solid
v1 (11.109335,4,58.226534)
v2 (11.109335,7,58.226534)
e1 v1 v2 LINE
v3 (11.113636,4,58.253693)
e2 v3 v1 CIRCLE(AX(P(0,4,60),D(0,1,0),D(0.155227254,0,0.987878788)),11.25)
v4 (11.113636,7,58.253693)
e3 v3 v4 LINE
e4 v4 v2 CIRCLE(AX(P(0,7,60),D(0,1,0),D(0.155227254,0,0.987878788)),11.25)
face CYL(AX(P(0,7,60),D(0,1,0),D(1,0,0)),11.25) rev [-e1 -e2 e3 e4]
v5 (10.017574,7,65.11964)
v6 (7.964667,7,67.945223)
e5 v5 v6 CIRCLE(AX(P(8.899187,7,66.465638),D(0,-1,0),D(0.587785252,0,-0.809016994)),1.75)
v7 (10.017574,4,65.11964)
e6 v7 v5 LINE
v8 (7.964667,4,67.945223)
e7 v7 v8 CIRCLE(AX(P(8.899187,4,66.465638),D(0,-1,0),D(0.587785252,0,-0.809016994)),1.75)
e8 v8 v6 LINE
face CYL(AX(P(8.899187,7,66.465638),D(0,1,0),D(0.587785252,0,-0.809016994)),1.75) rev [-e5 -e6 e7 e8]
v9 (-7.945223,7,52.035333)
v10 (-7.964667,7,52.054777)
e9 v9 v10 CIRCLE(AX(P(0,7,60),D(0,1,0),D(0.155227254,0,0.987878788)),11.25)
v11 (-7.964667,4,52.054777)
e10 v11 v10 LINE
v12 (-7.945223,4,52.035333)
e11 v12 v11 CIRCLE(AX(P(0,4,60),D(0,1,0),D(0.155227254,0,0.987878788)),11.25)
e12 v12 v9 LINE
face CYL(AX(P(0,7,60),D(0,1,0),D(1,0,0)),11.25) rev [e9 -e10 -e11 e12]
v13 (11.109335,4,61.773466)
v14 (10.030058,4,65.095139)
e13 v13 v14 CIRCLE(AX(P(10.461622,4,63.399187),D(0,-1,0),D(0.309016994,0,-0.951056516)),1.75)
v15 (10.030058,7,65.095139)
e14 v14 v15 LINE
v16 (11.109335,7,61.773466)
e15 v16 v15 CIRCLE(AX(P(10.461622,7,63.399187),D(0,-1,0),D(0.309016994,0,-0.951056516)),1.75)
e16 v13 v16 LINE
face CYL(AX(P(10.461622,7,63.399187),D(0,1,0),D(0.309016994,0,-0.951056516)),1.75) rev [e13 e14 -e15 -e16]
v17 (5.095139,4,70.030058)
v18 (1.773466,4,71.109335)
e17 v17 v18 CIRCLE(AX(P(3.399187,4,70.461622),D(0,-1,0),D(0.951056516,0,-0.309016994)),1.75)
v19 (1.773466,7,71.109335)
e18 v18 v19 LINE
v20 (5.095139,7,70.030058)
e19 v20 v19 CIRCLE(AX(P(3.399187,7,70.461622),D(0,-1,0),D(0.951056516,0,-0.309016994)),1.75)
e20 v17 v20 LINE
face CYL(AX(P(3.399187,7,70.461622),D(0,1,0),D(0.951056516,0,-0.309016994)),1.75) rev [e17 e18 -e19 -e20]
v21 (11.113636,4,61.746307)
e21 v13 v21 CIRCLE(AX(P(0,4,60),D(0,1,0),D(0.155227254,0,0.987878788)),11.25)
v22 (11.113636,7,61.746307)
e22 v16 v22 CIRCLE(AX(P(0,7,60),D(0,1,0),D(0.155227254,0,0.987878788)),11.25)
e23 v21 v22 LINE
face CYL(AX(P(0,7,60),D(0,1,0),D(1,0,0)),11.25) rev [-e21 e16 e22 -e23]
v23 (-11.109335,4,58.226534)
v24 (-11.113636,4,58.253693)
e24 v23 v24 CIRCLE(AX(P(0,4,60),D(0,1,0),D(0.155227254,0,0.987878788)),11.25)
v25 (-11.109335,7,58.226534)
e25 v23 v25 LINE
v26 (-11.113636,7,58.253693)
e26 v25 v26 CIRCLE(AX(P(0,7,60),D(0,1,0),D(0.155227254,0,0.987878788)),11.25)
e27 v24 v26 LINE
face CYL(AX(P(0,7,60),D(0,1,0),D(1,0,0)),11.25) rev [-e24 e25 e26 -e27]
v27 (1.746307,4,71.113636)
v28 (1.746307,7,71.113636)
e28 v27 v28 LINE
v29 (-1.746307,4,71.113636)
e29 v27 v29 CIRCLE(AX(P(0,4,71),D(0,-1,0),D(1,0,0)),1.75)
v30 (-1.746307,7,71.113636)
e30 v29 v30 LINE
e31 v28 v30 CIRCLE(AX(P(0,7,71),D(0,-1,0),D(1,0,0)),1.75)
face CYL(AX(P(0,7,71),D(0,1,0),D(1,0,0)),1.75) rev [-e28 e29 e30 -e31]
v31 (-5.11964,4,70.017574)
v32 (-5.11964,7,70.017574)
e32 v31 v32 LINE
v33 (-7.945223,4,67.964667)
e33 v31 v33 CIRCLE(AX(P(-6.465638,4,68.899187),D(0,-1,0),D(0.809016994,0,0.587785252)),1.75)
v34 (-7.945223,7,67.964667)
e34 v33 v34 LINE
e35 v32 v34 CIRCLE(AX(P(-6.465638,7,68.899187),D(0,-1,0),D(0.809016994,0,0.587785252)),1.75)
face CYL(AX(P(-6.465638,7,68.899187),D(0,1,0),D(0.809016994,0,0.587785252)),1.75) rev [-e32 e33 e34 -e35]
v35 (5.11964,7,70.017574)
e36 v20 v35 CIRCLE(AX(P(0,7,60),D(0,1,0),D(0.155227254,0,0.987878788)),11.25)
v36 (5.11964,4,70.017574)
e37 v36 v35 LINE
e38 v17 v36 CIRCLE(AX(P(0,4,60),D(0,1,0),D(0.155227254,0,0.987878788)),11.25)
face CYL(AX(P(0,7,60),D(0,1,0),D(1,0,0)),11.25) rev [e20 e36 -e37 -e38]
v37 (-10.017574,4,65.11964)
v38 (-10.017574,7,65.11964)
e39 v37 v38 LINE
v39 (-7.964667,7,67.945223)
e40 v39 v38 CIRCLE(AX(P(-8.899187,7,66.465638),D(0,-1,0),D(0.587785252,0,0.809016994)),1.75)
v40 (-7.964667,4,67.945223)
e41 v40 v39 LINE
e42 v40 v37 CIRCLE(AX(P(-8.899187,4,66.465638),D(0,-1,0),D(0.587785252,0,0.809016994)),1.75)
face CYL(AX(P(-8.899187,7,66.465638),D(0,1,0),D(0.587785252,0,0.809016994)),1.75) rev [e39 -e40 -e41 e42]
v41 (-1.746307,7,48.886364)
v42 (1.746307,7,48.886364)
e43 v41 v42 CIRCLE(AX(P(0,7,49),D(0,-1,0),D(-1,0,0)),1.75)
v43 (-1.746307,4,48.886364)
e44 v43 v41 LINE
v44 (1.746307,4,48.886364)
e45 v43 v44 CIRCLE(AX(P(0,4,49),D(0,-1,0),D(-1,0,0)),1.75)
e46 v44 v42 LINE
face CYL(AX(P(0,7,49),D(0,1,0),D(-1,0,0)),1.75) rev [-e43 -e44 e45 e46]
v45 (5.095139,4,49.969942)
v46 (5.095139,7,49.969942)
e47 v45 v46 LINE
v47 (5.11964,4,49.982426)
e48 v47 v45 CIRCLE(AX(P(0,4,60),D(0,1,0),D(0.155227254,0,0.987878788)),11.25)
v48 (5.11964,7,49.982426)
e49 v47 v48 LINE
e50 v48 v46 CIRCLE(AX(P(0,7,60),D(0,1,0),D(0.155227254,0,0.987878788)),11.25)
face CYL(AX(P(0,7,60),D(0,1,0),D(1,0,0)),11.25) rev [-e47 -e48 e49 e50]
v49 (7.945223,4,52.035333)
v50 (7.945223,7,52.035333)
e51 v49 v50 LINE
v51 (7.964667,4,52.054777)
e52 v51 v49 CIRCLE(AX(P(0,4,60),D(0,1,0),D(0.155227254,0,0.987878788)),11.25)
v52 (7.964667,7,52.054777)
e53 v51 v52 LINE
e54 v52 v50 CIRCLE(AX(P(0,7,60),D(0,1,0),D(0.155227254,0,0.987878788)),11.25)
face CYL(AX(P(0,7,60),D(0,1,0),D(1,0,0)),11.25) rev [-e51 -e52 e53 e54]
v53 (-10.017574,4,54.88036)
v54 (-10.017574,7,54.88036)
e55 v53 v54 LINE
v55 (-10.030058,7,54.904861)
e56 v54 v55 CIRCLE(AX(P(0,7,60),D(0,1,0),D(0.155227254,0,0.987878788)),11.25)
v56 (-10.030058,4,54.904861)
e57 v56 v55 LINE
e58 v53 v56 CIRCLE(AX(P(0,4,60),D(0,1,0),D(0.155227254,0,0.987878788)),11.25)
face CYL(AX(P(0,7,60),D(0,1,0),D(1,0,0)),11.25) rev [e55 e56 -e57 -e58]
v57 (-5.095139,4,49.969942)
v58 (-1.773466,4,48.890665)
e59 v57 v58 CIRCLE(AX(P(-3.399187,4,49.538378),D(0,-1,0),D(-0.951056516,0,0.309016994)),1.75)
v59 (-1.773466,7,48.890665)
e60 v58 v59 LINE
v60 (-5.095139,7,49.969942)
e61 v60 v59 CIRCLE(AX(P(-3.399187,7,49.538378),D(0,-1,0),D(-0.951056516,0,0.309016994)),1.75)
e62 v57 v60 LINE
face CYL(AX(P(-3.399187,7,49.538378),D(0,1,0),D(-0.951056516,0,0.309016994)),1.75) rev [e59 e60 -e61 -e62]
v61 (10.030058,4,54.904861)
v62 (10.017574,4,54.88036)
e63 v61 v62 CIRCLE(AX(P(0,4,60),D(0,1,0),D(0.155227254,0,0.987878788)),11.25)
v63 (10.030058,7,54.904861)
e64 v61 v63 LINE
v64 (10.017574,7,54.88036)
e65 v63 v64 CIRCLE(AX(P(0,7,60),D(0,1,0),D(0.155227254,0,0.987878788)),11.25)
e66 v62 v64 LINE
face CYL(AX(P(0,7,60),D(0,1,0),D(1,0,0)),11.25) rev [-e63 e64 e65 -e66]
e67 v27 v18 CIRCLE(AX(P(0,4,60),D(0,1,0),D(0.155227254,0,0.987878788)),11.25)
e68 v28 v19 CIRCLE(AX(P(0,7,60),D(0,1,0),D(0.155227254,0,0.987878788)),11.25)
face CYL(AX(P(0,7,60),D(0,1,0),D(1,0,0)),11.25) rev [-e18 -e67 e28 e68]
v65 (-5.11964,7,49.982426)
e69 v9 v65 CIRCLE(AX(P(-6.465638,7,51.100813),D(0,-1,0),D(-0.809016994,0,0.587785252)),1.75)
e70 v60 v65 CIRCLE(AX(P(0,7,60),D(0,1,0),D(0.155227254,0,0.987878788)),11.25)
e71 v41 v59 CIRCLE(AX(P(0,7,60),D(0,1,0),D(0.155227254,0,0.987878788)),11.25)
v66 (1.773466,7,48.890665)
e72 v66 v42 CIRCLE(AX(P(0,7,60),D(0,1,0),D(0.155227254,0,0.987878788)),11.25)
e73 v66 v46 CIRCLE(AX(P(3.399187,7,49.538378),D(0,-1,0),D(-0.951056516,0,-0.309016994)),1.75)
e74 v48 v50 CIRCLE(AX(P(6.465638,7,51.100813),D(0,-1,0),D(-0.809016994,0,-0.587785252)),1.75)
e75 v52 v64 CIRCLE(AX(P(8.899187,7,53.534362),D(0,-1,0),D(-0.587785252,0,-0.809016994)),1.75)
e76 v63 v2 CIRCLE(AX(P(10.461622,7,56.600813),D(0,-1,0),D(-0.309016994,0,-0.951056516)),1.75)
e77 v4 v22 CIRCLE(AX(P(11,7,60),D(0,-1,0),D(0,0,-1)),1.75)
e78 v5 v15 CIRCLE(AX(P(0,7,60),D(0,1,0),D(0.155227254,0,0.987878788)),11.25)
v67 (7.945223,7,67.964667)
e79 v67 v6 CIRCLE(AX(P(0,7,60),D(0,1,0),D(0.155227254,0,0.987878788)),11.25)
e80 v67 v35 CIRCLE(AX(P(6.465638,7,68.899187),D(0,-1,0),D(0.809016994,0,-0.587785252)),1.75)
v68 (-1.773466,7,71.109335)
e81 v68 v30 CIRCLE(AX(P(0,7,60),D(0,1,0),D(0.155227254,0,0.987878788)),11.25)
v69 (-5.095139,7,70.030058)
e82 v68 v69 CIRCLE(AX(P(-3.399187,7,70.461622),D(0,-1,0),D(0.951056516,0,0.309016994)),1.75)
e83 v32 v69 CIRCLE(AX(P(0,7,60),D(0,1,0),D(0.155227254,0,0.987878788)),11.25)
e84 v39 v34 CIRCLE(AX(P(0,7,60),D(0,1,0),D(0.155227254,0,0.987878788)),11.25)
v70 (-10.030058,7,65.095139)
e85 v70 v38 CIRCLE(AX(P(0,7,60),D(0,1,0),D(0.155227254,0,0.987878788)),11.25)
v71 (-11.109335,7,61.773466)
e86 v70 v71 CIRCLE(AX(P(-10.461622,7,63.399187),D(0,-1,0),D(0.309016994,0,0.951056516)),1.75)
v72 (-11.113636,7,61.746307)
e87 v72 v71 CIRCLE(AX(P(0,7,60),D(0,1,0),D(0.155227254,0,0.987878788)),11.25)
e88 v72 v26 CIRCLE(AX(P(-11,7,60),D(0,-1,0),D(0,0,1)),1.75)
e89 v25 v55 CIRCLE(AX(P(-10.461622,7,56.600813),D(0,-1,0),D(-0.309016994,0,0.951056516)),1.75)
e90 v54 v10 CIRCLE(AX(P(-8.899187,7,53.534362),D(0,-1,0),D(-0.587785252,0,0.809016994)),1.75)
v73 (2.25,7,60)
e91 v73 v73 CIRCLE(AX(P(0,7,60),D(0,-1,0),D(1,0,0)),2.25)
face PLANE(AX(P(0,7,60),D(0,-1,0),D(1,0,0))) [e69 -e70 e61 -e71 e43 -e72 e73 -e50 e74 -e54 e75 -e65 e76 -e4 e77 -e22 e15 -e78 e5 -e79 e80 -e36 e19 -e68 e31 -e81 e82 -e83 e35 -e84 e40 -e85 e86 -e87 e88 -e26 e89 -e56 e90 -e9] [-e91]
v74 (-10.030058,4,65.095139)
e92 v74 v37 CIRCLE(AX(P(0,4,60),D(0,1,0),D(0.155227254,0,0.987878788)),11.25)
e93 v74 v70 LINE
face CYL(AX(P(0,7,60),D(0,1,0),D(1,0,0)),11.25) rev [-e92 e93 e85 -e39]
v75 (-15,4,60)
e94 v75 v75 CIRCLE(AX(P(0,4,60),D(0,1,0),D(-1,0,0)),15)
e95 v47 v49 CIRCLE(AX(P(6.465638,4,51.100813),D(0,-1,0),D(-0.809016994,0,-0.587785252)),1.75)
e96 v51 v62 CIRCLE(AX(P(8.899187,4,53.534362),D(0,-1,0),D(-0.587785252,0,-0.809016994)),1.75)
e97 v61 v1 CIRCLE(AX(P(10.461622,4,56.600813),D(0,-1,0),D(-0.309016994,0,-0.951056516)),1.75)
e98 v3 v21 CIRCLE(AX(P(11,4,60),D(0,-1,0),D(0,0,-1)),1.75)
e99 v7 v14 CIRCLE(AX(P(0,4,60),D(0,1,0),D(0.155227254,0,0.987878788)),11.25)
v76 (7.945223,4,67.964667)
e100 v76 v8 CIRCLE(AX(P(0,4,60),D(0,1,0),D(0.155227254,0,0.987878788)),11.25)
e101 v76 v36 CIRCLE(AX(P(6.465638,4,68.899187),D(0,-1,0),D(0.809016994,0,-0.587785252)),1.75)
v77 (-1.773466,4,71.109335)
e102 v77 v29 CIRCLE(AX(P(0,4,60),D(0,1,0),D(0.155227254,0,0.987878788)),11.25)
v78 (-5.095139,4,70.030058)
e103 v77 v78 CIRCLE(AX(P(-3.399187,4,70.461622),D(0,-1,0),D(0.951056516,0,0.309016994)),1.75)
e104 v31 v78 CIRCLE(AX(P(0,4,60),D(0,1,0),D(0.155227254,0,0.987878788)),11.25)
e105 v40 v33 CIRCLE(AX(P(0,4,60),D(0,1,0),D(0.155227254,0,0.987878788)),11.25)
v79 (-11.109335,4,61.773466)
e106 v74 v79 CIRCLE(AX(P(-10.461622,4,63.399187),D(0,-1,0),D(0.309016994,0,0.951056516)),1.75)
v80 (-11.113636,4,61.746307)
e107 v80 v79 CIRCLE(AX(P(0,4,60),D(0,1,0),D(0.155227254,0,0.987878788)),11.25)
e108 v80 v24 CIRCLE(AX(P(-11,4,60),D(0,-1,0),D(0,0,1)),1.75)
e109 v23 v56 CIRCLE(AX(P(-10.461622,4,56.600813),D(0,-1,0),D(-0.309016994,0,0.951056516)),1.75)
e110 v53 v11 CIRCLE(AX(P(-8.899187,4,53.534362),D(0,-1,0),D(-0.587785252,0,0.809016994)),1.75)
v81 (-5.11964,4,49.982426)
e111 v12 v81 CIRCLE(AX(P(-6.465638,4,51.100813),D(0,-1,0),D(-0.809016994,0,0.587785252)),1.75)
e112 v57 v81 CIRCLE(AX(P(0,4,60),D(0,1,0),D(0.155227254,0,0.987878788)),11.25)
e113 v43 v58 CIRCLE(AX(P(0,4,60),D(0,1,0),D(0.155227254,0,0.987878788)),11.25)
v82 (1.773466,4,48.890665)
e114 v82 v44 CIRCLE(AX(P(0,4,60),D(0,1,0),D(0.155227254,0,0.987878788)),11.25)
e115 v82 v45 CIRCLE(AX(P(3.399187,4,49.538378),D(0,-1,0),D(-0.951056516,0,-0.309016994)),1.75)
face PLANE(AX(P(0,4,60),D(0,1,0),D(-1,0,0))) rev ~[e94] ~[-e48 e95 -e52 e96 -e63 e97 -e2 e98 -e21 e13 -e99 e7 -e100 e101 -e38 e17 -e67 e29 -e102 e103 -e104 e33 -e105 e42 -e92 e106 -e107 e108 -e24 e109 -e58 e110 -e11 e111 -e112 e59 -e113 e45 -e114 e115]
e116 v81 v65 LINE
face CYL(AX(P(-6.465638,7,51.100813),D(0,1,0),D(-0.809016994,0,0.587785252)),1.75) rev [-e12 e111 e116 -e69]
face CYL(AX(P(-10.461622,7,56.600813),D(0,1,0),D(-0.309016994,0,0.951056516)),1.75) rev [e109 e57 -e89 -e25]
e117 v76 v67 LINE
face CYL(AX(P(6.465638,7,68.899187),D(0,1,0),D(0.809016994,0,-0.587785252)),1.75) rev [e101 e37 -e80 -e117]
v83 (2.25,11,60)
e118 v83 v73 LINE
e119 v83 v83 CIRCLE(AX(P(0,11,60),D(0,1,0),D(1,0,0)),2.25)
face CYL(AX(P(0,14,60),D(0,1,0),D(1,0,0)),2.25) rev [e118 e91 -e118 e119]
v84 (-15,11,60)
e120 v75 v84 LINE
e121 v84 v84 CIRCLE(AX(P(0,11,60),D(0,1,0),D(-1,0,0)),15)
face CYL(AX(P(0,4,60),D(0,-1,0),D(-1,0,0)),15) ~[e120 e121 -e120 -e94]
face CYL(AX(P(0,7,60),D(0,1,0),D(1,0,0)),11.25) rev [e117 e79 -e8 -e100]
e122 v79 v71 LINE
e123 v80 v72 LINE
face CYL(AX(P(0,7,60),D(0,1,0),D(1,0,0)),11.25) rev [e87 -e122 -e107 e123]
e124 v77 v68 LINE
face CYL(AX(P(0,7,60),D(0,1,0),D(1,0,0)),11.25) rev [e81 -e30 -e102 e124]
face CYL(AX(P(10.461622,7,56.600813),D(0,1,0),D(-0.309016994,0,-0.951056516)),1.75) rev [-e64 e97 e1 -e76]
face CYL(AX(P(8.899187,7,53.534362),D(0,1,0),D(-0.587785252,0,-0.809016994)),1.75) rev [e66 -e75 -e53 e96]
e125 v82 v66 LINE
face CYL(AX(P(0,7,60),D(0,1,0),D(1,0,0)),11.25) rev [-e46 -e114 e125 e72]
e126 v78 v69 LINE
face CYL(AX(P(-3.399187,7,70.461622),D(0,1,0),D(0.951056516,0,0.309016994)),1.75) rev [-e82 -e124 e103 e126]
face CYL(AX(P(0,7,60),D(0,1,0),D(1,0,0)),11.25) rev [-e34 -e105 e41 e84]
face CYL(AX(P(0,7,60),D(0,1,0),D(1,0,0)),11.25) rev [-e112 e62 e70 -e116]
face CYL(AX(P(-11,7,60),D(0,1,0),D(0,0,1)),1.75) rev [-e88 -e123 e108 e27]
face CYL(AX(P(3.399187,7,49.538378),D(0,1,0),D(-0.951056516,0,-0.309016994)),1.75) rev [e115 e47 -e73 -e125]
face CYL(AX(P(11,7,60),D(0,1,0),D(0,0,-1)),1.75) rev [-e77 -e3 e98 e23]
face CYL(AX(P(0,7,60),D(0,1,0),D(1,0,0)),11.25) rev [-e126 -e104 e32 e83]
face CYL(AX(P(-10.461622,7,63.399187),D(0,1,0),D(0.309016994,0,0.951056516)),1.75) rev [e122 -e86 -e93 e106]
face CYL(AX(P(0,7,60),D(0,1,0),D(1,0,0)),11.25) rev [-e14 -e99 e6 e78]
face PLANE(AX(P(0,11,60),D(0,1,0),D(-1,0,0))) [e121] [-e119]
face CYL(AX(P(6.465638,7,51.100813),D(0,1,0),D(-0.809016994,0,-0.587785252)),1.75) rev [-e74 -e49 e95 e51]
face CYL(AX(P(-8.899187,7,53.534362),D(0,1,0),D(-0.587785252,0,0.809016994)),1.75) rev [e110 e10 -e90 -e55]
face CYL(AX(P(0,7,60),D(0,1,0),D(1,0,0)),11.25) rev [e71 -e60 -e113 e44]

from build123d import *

# Parameters (mm, degrees)
CYLINDER043_R           = 15
CYLINDER043_DEPTH       = 7
CYLINDER044_R           = 11.25
CYLINDER044_DEPTH       = 3
CYLINDER045_R           = 1.75
CYLINDER045_DEPTH       = 3
POLARPATTERN009_COUNT   = 20
CYLINDER048_R           = 2.25
CYLINDER048_DEPTH       = 7
BODY019_PLACEMENT_ANGLE = 90


with BuildPart() as part:
    # Cylinder043 → Cylinder043 (join)
    with BuildSketch(Plane(origin=(0, 0, 3), x_dir=(-1, 0, 0), z_dir=(0, 0, -1))):
        Circle(CYLINDER043_R)
    extrude(amount=CYLINDER043_DEPTH)

    # Cylinder044 → Cylinder044 (cut)
    with BuildSketch(Plane.XY):
        Circle(CYLINDER044_R)
    extrude(amount=CYLINDER044_DEPTH, mode=Mode.SUBTRACT)

    # Cylinder045 → Cylinder045 (cut)
    with BuildSketch(Plane(origin=(0, 11, 0), x_dir=(1, 0, 0), z_dir=(0, 0, 1))):
        Circle(CYLINDER045_R)
    cylinder045 = extrude(amount=CYLINDER045_DEPTH, mode=Mode.SUBTRACT)

    # PolarPattern009: Cylinder045 ×20 about axis
    polarpattern009_axis = Axis((0, 0, 0), (0, 0, 1))
    for i in range(1, POLARPATTERN009_COUNT):
        add(cylinder045.rotate(polarpattern009_axis, i * 360 / POLARPATTERN009_COUNT), mode=Mode.SUBTRACT)

    # Cylinder048 → Cylinder048 (cut)
    with BuildSketch(Plane.XY.offset(-7)):
        Circle(CYLINDER048_R)
    extrude(amount=CYLINDER048_DEPTH, mode=Mode.SUBTRACT)


with BuildPart() as part_1:
    # Body019 placement: moved
    add(part.part.moved(Location((0, 7, 60))).rotate(Axis((0, 7, 60), (1, 0, 0)), BODY019_PLACEMENT_ANGLE))


solid = part_1.part
